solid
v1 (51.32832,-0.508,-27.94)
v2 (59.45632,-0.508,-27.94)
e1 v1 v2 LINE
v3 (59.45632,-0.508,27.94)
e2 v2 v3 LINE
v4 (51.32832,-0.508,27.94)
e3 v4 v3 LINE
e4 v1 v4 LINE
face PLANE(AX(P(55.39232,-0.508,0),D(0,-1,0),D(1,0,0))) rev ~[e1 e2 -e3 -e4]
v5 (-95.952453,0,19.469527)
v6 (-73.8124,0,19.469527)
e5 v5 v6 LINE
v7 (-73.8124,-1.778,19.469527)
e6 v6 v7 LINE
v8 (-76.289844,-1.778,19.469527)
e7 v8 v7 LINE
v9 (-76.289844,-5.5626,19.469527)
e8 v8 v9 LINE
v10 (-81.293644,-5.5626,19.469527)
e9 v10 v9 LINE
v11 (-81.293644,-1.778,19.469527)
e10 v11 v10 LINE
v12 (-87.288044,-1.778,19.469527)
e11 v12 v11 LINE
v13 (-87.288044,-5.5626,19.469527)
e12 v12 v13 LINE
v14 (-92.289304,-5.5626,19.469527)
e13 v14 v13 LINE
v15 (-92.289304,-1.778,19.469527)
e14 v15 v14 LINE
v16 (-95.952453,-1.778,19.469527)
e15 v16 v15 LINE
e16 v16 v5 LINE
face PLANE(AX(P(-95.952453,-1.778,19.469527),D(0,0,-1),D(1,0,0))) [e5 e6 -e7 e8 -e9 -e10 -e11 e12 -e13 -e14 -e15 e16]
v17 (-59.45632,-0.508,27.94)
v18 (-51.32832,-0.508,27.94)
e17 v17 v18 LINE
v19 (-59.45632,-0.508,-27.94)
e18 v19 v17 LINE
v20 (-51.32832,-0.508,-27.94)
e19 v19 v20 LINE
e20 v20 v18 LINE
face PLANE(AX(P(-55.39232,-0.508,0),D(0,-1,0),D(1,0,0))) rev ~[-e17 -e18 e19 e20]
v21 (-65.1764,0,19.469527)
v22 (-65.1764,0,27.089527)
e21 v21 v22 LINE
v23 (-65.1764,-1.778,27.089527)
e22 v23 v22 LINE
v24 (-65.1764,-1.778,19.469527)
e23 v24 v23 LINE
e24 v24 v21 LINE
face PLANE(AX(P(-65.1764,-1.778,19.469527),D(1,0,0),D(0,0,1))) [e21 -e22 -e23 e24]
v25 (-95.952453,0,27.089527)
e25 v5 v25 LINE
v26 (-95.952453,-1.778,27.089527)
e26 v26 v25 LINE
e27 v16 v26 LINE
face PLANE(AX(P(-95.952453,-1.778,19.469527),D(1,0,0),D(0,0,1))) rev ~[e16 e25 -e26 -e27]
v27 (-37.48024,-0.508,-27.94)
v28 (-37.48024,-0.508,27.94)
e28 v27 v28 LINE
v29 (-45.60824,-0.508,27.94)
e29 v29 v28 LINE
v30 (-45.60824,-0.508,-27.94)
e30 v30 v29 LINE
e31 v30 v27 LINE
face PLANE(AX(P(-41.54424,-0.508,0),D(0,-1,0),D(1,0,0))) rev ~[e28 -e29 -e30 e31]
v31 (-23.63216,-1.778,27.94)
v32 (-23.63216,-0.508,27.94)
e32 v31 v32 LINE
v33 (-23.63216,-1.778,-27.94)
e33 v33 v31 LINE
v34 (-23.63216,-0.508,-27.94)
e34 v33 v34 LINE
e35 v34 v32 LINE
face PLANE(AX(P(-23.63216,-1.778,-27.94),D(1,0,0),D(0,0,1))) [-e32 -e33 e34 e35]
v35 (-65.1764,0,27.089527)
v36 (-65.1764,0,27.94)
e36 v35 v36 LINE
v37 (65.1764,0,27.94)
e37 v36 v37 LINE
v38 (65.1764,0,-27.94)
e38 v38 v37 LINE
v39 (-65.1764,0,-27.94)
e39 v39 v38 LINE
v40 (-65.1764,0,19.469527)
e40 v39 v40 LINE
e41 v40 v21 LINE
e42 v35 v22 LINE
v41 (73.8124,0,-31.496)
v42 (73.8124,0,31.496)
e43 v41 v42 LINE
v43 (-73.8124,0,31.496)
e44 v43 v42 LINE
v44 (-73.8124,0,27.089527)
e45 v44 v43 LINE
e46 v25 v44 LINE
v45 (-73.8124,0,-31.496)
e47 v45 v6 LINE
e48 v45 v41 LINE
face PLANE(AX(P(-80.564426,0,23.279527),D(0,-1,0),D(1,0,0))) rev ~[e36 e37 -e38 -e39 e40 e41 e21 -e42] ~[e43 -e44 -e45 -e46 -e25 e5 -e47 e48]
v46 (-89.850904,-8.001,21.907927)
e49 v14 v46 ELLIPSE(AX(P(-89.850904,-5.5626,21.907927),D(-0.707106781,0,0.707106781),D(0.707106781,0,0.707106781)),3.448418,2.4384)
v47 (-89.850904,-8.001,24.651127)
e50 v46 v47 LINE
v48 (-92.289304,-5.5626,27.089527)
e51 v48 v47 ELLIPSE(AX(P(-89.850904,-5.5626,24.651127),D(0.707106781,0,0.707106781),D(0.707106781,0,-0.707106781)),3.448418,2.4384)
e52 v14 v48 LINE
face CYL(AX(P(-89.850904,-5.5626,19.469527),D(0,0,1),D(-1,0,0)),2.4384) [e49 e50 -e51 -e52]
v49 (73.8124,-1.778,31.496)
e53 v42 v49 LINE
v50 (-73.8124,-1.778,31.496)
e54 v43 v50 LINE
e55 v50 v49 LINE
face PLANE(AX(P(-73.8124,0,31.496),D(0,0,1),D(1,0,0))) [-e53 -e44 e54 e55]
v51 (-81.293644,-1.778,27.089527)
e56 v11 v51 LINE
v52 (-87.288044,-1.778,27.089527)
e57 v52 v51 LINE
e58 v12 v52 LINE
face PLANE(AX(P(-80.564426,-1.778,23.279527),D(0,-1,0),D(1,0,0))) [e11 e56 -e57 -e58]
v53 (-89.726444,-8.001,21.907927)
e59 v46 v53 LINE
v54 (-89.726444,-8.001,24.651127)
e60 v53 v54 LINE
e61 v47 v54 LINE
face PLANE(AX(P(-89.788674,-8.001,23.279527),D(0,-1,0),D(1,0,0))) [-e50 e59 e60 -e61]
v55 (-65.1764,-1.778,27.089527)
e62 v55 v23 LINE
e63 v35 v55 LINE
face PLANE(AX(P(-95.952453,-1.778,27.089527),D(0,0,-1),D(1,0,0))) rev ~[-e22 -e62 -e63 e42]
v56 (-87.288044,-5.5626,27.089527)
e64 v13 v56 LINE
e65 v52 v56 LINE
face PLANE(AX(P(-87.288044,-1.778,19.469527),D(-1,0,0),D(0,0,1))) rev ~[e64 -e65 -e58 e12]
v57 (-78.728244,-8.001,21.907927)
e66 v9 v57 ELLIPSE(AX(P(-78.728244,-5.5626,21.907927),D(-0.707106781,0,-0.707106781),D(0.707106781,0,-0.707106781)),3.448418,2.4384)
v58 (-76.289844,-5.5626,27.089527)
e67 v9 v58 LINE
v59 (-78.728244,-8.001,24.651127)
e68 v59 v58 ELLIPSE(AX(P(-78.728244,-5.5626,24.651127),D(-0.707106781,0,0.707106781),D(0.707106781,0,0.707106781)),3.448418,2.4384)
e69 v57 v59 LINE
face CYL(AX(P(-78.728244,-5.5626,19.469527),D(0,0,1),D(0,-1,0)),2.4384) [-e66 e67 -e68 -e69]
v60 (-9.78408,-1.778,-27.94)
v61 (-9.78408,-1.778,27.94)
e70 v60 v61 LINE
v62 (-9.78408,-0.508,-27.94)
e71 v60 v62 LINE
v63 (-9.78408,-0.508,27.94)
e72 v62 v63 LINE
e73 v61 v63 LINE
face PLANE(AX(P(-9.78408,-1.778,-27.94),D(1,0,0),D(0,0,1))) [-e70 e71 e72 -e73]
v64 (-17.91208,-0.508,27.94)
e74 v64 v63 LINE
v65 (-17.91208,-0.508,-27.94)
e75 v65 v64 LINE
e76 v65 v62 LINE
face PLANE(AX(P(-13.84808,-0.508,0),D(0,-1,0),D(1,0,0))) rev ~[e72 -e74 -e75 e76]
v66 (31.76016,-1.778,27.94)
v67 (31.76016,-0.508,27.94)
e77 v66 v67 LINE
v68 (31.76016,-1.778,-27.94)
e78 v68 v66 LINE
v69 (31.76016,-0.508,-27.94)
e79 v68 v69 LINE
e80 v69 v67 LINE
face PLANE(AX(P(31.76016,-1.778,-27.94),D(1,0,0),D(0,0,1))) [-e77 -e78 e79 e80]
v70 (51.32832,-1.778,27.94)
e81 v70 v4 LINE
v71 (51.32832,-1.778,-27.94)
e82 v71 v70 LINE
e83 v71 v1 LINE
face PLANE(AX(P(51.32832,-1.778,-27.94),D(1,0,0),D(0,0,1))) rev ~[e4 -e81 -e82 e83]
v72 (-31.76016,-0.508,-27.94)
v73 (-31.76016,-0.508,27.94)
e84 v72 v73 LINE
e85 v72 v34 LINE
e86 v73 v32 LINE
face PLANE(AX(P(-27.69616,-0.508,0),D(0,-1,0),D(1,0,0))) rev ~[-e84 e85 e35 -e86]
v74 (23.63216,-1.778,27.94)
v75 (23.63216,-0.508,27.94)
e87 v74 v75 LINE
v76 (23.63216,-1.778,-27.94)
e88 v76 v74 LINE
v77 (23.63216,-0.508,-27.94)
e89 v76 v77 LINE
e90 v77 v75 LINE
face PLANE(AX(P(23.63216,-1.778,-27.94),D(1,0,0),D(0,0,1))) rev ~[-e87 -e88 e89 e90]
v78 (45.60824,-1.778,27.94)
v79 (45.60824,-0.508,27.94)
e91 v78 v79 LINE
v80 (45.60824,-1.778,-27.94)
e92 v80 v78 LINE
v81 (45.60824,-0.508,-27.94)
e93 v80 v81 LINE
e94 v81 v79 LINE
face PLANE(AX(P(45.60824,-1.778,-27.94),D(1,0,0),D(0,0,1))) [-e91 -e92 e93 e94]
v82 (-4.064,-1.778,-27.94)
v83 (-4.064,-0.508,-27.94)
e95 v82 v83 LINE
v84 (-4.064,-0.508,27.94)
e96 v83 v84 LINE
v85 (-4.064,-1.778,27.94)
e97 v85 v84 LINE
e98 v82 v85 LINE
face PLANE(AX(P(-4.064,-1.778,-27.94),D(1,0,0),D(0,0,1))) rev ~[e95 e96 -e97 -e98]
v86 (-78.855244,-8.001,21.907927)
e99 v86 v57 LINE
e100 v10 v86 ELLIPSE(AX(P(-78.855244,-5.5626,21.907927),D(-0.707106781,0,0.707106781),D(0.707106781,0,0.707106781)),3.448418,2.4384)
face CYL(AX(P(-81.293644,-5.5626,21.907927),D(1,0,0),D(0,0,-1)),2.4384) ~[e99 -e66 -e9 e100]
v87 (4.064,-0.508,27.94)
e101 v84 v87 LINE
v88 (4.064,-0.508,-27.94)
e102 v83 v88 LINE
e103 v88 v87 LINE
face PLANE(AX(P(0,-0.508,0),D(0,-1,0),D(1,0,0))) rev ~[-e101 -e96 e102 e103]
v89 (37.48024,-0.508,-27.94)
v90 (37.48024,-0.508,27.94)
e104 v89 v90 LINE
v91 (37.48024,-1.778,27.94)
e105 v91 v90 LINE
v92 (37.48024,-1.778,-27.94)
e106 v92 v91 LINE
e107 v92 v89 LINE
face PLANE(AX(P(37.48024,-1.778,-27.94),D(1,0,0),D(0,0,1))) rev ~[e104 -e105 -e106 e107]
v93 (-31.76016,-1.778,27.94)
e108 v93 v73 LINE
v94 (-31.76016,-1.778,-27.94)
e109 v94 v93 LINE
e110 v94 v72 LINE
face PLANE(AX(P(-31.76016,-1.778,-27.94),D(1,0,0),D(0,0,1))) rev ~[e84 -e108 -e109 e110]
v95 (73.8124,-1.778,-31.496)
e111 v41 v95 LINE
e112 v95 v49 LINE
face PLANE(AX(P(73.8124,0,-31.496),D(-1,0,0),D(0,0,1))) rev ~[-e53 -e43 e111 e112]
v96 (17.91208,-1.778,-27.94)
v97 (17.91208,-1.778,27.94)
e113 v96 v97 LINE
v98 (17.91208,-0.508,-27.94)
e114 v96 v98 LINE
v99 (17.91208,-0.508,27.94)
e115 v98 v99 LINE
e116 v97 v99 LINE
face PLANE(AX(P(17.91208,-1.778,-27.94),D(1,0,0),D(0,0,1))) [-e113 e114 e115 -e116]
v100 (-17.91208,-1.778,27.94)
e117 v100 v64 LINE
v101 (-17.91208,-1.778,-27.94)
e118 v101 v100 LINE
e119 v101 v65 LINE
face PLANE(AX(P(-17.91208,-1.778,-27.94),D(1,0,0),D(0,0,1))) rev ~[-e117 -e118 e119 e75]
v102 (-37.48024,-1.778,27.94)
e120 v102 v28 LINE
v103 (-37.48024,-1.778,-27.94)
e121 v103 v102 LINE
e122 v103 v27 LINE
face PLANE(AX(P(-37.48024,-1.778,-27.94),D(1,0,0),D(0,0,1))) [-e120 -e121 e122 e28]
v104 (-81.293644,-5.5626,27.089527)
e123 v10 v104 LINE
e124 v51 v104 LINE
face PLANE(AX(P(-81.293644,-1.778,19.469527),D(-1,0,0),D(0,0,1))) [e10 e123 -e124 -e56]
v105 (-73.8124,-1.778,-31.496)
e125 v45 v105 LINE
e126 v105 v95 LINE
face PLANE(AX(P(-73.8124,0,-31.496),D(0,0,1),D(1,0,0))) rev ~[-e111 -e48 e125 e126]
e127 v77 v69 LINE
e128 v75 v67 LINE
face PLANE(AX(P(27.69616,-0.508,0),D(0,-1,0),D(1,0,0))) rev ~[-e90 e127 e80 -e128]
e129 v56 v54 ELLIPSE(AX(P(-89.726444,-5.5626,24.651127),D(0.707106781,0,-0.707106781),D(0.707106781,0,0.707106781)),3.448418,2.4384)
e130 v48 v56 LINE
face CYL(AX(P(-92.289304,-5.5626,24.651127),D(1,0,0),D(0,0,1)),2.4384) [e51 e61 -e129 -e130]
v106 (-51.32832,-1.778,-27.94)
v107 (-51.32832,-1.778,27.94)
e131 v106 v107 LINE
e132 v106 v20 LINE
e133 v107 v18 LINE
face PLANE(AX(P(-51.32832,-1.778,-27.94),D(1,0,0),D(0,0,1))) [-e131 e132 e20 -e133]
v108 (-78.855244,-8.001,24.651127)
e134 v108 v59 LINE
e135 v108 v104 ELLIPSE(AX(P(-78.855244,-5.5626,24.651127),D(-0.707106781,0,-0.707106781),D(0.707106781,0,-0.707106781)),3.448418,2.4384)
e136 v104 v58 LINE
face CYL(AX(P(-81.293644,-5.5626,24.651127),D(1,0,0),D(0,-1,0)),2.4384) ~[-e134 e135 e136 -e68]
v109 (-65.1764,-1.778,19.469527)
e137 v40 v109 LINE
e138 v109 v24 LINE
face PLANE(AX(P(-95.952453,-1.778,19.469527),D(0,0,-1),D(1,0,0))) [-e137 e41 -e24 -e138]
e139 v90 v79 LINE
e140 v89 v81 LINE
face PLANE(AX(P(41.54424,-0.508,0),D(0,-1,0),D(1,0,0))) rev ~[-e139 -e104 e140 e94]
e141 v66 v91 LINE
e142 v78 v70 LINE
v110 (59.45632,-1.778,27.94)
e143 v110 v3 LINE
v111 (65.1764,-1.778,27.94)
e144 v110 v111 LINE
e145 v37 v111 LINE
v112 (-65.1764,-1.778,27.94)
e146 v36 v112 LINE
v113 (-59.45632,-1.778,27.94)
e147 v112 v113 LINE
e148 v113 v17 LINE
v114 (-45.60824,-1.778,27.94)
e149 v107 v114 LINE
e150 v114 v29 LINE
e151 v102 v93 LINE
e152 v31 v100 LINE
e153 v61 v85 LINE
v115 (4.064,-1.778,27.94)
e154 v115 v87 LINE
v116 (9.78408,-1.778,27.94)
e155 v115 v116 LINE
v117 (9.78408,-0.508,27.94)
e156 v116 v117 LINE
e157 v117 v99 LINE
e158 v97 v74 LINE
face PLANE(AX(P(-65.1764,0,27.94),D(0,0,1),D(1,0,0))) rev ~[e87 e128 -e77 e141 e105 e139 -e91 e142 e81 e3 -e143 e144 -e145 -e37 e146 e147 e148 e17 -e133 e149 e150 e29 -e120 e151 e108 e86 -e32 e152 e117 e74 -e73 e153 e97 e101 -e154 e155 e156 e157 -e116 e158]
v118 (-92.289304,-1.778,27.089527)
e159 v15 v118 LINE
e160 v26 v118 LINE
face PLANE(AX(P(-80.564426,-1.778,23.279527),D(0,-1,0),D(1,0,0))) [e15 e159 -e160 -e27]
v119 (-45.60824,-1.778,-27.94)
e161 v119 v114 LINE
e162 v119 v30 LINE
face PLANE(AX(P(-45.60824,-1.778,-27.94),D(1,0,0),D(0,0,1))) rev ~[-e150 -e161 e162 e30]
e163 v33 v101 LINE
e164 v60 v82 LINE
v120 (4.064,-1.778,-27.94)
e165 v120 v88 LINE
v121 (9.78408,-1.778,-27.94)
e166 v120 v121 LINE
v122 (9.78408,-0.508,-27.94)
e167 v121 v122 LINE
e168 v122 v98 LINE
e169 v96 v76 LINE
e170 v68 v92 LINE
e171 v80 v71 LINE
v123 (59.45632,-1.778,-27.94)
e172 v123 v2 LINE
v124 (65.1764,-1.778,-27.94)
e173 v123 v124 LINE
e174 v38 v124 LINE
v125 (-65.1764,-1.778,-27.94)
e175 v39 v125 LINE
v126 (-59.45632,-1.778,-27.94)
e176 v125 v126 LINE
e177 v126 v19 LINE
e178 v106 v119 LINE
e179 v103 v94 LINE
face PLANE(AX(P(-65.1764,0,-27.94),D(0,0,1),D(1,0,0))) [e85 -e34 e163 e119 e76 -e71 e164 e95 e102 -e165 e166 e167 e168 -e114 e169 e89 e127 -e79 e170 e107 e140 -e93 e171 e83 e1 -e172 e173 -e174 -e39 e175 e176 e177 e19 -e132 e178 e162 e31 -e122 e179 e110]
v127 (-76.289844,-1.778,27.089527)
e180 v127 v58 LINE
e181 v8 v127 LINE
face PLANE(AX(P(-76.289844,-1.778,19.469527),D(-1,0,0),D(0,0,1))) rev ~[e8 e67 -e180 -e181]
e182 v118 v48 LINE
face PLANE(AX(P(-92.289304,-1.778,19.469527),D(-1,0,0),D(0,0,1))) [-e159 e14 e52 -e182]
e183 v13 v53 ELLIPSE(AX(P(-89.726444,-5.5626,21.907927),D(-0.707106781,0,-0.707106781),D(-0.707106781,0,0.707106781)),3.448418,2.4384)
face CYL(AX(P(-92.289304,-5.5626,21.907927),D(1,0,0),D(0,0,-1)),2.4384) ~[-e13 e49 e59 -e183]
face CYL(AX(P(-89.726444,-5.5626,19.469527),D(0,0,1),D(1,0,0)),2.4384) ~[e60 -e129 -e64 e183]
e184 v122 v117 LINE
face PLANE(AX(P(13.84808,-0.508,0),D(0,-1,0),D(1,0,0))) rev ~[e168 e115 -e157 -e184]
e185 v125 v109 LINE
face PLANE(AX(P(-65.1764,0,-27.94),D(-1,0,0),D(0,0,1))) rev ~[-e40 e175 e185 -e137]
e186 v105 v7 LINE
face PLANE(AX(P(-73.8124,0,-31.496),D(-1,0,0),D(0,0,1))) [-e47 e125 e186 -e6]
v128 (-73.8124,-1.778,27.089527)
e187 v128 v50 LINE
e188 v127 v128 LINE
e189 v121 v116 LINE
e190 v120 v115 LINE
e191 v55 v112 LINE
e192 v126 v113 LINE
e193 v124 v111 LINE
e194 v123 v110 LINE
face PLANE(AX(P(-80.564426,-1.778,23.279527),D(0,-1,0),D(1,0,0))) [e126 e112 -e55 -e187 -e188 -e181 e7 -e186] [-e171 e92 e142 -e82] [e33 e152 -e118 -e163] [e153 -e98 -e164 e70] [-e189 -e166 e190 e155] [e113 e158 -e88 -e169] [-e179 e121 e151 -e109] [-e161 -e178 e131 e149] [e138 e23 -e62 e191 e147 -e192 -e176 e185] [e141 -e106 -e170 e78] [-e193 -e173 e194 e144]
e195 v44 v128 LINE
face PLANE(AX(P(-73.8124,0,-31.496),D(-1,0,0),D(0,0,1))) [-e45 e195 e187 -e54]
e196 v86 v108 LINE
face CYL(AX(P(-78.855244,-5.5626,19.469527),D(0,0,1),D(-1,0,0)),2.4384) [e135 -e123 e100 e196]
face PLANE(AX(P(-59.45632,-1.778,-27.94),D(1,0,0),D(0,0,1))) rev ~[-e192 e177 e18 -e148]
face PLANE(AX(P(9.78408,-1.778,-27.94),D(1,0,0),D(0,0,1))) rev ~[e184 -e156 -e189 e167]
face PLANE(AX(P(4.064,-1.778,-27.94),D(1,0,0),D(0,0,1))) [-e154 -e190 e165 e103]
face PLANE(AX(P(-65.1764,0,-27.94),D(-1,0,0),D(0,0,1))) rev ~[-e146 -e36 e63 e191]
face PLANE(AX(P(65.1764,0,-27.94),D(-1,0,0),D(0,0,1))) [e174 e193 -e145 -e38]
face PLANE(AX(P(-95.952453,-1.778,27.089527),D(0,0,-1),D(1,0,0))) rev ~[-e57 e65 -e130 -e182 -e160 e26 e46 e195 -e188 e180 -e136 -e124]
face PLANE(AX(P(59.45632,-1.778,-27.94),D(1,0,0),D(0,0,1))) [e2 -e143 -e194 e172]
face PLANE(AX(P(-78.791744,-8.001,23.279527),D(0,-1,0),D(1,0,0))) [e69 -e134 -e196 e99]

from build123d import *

# Parameters (mm, degrees)
F0_W     = 147.6248
F0_H     = 62.992
F0_W_2   = 130.3528
F0_H_2   = 55.88
F1_DEPTH = 1.778
F2_W     = 8.128
F2_H     = 55.88
F3_DEPTH = 1.27
F4_W     = 30.776053
F4_H     = 7.62
F5_DEPTH = 1.778
F7_W     = 5.00126
F7_H     = 7.62
F7_W_2   = 5.0038
F8_DEPTH = 6.223
F9_R     = 2.4384
F10_R    = 2.4384


with BuildPart() as f1:
    # F0 (on Front) → F1 (new body)
    with BuildSketch(Plane.XZ):
        Rectangle(F0_W, F0_H)
        Rectangle(F0_W_2, F0_H_2, mode=Mode.SUBTRACT)
    extrude(amount=F1_DEPTH)

    # F2 (on face) → F3 (join)
    with BuildSketch(Plane.XZ.offset(1.778)):
        with Locations((-55.39232, 0)):
            Rectangle(F2_W, F2_H)
        with Locations((-41.54424, 0)):
            Rectangle(F2_W, F2_H)
        with Locations((-27.69616, 0)):
            Rectangle(F2_W, F2_H)
        with Locations((-13.84808, 0)):
            Rectangle(F2_W, F2_H)
        Rectangle(F2_W, F2_H)
        with Locations((13.84808, 0)):
            Rectangle(F2_W, F2_H)
        with Locations((27.69616, 0)):
            Rectangle(F2_W, F2_H)
        with Locations((41.54424, 0)):
            Rectangle(F2_W, F2_H)
        with Locations((55.39232, 0)):
            Rectangle(F2_W, F2_H)
    extrude(amount=-F3_DEPTH)

    # F4 (on face) → F5 (join)
    with BuildSketch(Plane.XZ.offset(1.778)):
        with Locations((-80.564426, 23.279527)):
            Rectangle(F4_W, F4_H)
    extrude(amount=-F5_DEPTH)

    # F7 (on face) → F8 (join)
    with BuildSketch(Plane.XZ.offset(1.778)):
        with Locations((-89.788674, 23.279527)):
            Rectangle(F7_W, F7_H)
        with Locations((-78.791744, 23.279527)):
            Rectangle(F7_W_2, F7_H)
    extrude(amount=F8_DEPTH)

    # F9
    f9_edges = [f1.edges().sort_by_distance(p)[0] for p in [
        (-87.288044, -8.001, 23.279527),
        (-89.788674, -8.001, 27.089527),
        (-92.289304, -8.001, 23.279527),
        (-89.788674, -8.001, 19.469527),
    ]]
    fillet(f9_edges, radius=F9_R)

    # F10
    f10_edges = [f1.edges().sort_by_distance(p)[0] for p in [
        (-78.791744, -8.001, 27.089527),
        (-81.293644, -8.001, 23.279527),
        (-78.791744, -8.001, 19.469527),
        (-76.289844, -8.001, 23.279527),
    ]]
    fillet(f10_edges, radius=F10_R)


solid = f1.part
